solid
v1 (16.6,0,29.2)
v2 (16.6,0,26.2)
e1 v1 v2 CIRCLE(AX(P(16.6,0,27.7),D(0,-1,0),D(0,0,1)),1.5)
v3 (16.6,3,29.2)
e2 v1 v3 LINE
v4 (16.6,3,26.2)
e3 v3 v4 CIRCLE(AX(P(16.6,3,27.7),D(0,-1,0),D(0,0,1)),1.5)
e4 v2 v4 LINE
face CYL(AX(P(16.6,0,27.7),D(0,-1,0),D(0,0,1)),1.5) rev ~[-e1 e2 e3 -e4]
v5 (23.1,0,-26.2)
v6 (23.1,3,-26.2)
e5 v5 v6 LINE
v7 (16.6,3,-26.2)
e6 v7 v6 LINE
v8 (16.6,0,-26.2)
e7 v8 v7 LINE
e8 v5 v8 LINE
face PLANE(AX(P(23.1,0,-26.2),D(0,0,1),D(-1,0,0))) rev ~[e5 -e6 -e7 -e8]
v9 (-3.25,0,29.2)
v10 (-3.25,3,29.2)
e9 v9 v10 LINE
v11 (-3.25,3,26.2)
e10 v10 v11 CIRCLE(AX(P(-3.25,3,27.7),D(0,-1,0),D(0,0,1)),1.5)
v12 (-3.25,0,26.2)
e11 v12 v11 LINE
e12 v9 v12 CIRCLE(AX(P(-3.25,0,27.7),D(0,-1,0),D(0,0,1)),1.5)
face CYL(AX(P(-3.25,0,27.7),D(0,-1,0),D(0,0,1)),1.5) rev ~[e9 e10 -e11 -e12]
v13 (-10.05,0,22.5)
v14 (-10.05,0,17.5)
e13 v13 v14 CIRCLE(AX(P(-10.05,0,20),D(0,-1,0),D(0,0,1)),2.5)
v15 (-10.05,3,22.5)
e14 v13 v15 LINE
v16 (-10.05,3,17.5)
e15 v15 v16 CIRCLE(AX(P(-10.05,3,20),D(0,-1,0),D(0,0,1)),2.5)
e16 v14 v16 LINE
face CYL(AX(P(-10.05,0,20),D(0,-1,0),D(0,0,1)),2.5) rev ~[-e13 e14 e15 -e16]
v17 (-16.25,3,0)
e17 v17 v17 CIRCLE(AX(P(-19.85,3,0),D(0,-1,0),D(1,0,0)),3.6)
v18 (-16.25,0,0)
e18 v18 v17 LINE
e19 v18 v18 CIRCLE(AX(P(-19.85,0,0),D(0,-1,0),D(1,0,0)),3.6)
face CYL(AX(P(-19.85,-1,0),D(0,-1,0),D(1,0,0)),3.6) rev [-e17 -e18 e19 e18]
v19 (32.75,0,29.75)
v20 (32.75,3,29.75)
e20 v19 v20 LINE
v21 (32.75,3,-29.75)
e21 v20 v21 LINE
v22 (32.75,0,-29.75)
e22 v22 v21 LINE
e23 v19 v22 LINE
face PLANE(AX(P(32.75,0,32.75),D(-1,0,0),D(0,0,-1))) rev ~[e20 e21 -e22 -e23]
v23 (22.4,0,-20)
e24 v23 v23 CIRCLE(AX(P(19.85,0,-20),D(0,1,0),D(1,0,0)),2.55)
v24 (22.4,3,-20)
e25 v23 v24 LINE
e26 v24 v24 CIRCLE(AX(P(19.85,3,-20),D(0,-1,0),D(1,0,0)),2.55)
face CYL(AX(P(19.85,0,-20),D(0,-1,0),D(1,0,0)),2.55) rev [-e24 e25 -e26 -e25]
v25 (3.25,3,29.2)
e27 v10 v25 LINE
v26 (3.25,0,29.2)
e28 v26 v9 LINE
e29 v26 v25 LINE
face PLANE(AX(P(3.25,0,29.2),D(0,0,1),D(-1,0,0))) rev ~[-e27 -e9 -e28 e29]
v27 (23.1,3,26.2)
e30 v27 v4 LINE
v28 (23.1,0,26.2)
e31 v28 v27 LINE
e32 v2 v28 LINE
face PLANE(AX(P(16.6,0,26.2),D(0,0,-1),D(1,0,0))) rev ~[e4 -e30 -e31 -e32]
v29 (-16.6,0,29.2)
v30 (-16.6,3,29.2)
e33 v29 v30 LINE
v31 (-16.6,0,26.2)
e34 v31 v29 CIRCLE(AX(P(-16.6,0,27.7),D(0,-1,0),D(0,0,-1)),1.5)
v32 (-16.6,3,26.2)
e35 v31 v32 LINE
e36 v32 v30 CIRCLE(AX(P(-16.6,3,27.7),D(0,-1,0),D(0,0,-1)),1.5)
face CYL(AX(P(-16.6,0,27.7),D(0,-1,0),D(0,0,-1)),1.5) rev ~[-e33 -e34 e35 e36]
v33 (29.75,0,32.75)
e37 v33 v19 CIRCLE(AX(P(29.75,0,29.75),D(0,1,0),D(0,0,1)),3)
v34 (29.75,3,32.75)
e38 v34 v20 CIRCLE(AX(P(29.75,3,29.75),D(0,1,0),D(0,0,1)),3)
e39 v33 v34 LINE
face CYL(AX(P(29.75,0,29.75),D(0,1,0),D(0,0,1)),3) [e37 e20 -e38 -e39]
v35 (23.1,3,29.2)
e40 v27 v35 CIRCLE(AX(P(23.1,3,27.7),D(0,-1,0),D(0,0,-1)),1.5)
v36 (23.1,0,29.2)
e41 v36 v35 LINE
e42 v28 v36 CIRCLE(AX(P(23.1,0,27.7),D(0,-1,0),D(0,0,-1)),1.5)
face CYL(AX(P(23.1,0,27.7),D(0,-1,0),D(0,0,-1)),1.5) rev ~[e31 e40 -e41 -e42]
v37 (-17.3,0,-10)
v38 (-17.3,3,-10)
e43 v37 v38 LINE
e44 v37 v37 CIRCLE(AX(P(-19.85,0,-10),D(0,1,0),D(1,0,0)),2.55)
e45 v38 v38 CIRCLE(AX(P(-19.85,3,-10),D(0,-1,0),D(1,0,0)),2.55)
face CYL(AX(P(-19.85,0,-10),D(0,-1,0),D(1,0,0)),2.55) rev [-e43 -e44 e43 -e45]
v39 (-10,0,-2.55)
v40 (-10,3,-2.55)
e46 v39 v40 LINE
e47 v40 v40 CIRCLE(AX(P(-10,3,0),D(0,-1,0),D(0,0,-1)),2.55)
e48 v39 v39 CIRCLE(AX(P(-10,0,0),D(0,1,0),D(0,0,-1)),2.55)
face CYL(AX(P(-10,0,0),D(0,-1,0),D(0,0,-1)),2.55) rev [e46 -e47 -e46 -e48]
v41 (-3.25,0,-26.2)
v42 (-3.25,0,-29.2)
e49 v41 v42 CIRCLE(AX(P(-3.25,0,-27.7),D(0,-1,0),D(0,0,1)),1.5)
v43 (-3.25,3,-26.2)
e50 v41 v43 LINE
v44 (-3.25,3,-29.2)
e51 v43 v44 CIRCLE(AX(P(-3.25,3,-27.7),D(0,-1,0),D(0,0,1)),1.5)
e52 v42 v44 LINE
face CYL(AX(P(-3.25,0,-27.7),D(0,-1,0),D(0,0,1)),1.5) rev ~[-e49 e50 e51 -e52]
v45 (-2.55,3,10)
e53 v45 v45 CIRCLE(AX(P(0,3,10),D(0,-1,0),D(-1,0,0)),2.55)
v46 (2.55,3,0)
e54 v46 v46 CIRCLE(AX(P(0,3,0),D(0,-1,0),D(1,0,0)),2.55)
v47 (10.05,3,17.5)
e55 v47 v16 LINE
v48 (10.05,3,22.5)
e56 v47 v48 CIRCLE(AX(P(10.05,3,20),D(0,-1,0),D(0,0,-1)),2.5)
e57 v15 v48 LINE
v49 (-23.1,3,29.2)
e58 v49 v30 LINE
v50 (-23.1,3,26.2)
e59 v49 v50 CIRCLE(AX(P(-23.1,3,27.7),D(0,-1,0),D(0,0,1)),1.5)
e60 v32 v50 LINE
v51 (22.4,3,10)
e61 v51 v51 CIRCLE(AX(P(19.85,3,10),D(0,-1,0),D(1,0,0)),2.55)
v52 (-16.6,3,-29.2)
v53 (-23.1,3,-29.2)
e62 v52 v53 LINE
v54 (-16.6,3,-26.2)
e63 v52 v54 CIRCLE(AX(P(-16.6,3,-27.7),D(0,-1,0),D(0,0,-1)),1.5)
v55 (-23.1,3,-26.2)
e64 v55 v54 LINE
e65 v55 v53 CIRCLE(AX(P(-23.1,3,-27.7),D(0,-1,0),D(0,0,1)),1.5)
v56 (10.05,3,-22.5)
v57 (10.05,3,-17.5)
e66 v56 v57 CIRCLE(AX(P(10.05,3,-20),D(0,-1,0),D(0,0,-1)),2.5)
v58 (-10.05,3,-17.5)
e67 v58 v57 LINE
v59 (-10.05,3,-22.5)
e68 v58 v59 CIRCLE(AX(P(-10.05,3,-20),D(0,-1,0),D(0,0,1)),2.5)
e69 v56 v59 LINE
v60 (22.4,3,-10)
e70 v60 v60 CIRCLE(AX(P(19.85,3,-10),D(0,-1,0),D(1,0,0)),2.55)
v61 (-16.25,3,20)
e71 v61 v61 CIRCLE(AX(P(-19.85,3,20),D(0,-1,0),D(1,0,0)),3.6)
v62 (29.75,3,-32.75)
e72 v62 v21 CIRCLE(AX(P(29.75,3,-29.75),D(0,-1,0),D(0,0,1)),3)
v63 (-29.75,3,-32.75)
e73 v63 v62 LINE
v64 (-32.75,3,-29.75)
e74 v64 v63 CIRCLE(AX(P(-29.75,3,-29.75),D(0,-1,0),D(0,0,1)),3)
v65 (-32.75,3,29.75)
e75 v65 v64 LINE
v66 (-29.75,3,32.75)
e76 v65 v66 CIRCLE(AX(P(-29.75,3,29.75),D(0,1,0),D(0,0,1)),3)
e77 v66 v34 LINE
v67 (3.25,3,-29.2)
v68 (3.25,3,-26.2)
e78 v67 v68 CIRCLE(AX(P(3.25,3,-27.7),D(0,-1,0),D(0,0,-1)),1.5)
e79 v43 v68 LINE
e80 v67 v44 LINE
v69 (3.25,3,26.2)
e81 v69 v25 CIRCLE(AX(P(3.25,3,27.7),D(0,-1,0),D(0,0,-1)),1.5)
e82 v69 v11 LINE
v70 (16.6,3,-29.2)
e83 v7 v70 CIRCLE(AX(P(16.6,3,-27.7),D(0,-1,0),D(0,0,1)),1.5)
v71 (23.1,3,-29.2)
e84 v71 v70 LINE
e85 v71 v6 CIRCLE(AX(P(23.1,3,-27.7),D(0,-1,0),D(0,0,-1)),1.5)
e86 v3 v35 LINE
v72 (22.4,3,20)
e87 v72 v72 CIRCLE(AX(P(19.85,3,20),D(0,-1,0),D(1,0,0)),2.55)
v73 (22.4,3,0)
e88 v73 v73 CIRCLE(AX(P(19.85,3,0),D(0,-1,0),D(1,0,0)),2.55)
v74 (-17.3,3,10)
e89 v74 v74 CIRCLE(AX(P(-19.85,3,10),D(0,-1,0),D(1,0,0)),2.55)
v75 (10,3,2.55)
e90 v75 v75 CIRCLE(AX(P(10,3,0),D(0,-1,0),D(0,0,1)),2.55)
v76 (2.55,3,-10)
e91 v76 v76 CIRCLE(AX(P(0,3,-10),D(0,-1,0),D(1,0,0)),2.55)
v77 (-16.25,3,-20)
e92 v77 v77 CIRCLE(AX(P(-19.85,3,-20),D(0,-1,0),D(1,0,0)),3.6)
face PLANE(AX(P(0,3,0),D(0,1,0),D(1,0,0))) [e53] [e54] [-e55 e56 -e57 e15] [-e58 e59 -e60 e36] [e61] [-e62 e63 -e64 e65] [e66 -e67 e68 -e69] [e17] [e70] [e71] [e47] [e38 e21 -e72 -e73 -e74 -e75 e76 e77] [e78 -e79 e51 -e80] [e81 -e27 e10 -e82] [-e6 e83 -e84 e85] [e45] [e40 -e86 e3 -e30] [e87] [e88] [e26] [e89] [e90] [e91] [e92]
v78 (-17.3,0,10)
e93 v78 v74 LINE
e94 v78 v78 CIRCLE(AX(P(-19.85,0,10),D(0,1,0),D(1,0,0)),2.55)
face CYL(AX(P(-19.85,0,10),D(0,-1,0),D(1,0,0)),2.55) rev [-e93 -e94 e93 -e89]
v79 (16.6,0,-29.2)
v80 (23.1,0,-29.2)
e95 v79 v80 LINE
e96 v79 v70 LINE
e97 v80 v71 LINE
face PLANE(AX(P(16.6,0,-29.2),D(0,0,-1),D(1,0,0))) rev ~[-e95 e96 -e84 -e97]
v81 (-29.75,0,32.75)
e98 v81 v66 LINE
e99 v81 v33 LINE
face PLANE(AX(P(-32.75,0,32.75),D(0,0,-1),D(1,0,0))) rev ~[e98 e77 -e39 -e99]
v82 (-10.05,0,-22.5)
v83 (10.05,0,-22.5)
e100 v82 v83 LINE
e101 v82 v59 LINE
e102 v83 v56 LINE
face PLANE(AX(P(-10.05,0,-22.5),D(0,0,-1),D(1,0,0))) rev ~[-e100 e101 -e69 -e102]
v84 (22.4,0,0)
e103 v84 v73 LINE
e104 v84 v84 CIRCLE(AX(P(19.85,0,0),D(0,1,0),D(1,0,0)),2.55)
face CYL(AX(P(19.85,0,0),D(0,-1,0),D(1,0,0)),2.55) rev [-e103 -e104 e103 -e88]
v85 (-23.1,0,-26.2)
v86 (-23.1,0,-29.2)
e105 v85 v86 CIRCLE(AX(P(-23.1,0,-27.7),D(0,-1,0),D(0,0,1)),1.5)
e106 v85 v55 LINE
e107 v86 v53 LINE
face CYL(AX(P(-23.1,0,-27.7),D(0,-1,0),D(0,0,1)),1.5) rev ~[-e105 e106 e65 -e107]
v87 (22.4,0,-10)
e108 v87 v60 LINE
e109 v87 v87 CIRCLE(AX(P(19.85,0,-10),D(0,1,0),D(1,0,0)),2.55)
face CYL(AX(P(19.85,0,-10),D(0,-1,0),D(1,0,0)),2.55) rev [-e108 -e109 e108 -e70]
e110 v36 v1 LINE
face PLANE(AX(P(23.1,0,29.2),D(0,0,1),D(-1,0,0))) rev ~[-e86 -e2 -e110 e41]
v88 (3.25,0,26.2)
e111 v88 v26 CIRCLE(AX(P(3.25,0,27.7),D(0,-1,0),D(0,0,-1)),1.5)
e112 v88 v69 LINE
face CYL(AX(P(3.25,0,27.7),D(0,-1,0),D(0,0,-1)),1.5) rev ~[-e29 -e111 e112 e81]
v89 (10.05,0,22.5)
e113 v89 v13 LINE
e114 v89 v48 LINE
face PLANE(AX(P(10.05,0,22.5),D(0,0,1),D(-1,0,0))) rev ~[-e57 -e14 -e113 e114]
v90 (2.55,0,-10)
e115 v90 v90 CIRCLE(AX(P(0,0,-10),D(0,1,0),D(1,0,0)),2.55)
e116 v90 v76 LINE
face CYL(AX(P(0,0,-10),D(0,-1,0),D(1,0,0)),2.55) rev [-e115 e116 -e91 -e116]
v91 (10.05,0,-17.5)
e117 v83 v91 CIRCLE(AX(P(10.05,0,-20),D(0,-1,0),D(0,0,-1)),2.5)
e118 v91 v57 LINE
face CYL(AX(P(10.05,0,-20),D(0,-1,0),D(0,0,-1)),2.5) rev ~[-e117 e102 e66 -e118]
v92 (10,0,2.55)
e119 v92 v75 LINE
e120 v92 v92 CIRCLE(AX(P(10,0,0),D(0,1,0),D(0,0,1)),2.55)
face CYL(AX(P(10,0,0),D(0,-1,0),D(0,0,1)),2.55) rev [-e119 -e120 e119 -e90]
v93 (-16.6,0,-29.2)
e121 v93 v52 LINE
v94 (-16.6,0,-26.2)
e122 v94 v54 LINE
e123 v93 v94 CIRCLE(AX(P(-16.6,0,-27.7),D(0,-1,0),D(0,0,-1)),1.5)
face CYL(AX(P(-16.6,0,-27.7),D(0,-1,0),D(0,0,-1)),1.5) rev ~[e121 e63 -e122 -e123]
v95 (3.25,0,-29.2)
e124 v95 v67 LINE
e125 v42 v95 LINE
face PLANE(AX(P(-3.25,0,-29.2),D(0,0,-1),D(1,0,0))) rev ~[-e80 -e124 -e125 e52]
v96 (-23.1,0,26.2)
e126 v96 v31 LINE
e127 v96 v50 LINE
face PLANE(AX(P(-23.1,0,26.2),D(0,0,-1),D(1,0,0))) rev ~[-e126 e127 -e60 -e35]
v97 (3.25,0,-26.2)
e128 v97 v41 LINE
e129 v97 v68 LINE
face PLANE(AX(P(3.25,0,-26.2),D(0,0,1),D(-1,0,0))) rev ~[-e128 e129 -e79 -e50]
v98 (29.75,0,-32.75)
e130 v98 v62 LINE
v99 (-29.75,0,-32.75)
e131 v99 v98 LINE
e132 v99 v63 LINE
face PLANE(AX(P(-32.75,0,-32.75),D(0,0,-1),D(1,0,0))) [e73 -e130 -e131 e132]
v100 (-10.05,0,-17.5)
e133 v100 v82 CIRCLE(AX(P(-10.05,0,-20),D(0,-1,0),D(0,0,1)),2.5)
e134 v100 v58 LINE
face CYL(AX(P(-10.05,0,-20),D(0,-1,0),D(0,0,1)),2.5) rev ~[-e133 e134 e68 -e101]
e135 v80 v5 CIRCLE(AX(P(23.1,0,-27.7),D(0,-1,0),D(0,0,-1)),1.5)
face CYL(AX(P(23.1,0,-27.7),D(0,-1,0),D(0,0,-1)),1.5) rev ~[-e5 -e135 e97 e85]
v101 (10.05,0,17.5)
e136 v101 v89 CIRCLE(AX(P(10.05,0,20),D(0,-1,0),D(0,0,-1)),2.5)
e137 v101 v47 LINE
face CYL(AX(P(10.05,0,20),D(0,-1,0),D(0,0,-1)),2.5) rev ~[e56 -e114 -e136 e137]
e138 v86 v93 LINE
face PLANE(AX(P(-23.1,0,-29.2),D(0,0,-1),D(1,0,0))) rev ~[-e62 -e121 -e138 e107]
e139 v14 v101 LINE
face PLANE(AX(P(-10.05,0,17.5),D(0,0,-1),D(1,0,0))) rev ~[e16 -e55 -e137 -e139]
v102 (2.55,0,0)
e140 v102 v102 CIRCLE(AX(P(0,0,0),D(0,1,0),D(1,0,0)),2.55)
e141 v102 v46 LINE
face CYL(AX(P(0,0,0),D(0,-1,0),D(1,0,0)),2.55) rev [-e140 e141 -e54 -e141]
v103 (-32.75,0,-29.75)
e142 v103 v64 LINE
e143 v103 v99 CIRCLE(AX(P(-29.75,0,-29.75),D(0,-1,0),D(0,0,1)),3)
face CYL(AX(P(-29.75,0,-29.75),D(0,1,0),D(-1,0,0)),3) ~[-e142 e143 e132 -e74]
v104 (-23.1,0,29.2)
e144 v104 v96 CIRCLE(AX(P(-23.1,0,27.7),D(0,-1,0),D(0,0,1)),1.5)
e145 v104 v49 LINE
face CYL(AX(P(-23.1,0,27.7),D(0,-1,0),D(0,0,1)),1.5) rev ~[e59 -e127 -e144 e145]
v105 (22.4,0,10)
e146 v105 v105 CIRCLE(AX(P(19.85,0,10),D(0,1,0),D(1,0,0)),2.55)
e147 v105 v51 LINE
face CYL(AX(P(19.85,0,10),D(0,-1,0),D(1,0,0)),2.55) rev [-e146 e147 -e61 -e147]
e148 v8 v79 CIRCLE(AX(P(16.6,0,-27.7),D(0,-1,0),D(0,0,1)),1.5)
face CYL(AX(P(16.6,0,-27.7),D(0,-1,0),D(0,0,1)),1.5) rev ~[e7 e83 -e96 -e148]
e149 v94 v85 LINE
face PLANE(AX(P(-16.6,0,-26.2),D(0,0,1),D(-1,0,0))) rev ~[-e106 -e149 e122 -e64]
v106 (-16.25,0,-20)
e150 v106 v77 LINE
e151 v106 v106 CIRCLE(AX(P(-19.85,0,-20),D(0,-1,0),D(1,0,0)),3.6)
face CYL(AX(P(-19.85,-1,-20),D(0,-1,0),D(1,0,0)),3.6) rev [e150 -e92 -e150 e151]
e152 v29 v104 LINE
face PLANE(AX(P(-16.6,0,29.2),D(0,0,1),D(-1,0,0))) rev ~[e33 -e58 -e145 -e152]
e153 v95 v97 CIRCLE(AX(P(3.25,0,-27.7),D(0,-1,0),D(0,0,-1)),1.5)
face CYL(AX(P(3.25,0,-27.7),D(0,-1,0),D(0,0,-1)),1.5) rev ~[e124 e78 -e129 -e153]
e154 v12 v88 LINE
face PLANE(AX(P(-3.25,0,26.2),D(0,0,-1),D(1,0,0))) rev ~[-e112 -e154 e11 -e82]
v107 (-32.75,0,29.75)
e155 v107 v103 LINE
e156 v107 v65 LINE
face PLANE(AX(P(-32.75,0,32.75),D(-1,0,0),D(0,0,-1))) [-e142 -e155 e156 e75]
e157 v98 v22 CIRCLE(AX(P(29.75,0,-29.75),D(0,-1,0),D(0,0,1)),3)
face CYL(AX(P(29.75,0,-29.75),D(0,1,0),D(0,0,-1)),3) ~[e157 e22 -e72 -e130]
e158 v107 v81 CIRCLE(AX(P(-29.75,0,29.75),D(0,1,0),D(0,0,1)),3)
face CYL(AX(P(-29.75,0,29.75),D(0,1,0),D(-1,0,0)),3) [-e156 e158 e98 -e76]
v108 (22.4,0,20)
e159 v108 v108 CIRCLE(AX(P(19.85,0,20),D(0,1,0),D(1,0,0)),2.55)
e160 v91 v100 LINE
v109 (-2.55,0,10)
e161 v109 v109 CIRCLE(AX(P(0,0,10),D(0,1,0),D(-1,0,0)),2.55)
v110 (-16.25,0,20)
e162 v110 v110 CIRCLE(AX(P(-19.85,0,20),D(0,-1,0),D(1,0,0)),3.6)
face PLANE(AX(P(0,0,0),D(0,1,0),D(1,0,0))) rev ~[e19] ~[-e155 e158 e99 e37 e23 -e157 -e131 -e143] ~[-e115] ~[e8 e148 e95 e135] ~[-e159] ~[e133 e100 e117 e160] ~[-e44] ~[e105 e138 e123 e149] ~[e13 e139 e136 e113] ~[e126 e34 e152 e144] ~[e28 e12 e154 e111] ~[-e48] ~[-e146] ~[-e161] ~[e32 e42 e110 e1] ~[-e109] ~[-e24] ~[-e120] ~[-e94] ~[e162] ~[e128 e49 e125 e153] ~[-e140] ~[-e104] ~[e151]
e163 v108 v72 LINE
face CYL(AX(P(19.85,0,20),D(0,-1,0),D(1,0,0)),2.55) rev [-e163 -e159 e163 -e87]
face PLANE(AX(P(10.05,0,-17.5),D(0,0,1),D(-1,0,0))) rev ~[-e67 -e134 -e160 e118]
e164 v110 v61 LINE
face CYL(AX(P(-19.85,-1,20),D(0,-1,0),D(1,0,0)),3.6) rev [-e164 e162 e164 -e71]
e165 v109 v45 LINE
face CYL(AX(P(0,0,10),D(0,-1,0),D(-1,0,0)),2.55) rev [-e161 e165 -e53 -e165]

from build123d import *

# Parameters (mm, degrees)
SKETCH1_W            = 65.5
SKETCH1_H            = 65.5
BOSS_EXTRUDE1_DEPTH  = 3
SKETCH5_R            = 2.55
CUT_EXTRUDE5_DEPTH   = 4
LPATTERN2_COUNT      = 5
LPATTERN2_PITCH      = 10
LPATTERN2_COUNT_DIR2 = 2
LPATTERN2_PITCH_DIR2 = 39.7
SKETCH7_R            = 2.55
CUT_EXTRUDE6_DEPTH   = 4
SKETCH8_R            = 2.55
CUT_EXTRUDE7_DEPTH   = 4
CIRPATTERN1_COUNT    = 4
CUT_EXTRUDE4_START   = -1
SKETCH3_R            = 3.6
CUT_EXTRUDE4_DEPTH   = 5
LPATTERN1_COUNT      = 3
LPATTERN1_PITCH      = 20
CUT_EXTRUDE8_DEPTH   = 4
LPATTERN3_COUNT      = 3
LPATTERN3_PITCH      = 19.85
LPATTERN3_COUNT_DIR2 = 2
LPATTERN3_PITCH_DIR2 = 55.4
CUT_EXTRUDE9_DEPTH   = 4
LPATTERN4_COUNT      = 2
LPATTERN4_PITCH      = 40
FILLET1_R            = 3


with BuildPart() as part:
    # Sketch1 → Boss-Extrude1 (new body)
    with BuildSketch(Plane(origin=(0, 0, 0), x_dir=(1, 0, 0), z_dir=(0, 1, 0))):
        Rectangle(SKETCH1_W, SKETCH1_H)
    extrude(amount=BOSS_EXTRUDE1_DEPTH)

    # Sketch5 → Cut-Extrude5 (cut, through all)
    with BuildSketch(Plane(origin=(0, 0, 0), x_dir=(1, 0, 0), z_dir=(0, 1, 0))):
        with Locations((-19.85, 20)):
            Circle(SKETCH5_R)
    cut_extrude5 = extrude(amount=CUT_EXTRUDE5_DEPTH, mode=Mode.SUBTRACT)

    # LPattern2: Cut-Extrude5 5 × 2
    with Locations(*[(j * LPATTERN2_PITCH_DIR2, 0, i * LPATTERN2_PITCH) for i in range(LPATTERN2_COUNT) for j in range(LPATTERN2_COUNT_DIR2) if (i, j) != (0, 0)]):
        add(cut_extrude5, mode=Mode.SUBTRACT)

    # Sketch7 → Cut-Extrude6 (cut, through all)
    with BuildSketch(Plane(origin=(0, 0, 0), x_dir=(1, 0, 0), z_dir=(0, 1, 0))):
        Circle(SKETCH7_R)
    extrude(amount=CUT_EXTRUDE6_DEPTH, mode=Mode.SUBTRACT)

    # Sketch8 → Cut-Extrude7 (cut, through all)
    with BuildSketch(Plane(origin=(0, 0, 0), x_dir=(1, 0, 0), z_dir=(0, 1, 0))):
        with Locations((0, 10)):
            Circle(SKETCH8_R)
    cut_extrude7 = extrude(amount=CUT_EXTRUDE7_DEPTH, mode=Mode.SUBTRACT)

    # CirPattern1: Cut-Extrude7 ×4 about axis
    cirpattern1_axis = Axis((0, 0, 0), (0, 1, 0))
    for i in range(1, CIRPATTERN1_COUNT):
        add(cut_extrude7.rotate(cirpattern1_axis, i * 360 / CIRPATTERN1_COUNT), mode=Mode.SUBTRACT)

    # Sketch3 → Cut-Extrude4 (cut)
    with BuildSketch(Plane(origin=(0, 0, 0), x_dir=(1, 0, 0), z_dir=(0, 1, 0)).offset(CUT_EXTRUDE4_START)):
        with Locations((-19.85, 20)):
            Circle(SKETCH3_R)
    cut_extrude4 = extrude(amount=CUT_EXTRUDE4_DEPTH, mode=Mode.SUBTRACT)

    # LPattern1: Cut-Extrude4 ×3
    with Locations(*[(0, 0, i * LPATTERN1_PITCH) for i in range(1, LPATTERN1_COUNT)]):
        add(cut_extrude4, mode=Mode.SUBTRACT)

    # Sketch9 → Cut-Extrude8 (cut, through all)
    with BuildSketch(Plane(origin=(0, 0, 0), x_dir=(1, 0, 0), z_dir=(0, 1, 0))):
        with BuildLine():
            Line((-23.1, 29.2), (-16.6, 29.2))
            ThreePointArc((-16.6, 29.2), (-15.1, 27.7), (-16.6, 26.2))
            Line((-16.6, 26.2), (-23.1, 26.2))
            ThreePointArc((-23.1, 26.2), (-24.6, 27.7), (-23.1, 29.2))
        make_face()
    cut_extrude8 = extrude(amount=CUT_EXTRUDE8_DEPTH, mode=Mode.SUBTRACT)

    # LPattern3: Cut-Extrude8 3 × 2
    with Locations(*[(i * LPATTERN3_PITCH, 0, j * LPATTERN3_PITCH_DIR2) for i in range(LPATTERN3_COUNT) for j in range(LPATTERN3_COUNT_DIR2) if (i, j) != (0, 0)]):
        add(cut_extrude8, mode=Mode.SUBTRACT)

    # Sketch10 → Cut-Extrude9 (cut, through all)
    with BuildSketch(Plane(origin=(0, 0, 0), x_dir=(1, 0, 0), z_dir=(0, 1, 0))):
        with BuildLine():
            Line((-10.05, 22.5), (10.05, 22.5))
            ThreePointArc((10.05, 22.5), (12.55, 20), (10.05, 17.5))
            Line((10.05, 17.5), (-10.05, 17.5))
            ThreePointArc((-10.05, 17.5), (-12.55, 20), (-10.05, 22.5))
        make_face()
    cut_extrude9 = extrude(amount=CUT_EXTRUDE9_DEPTH, mode=Mode.SUBTRACT)

    # LPattern4: Cut-Extrude9 ×2
    with Locations(*[(0, 0, i * LPATTERN4_PITCH) for i in range(1, LPATTERN4_COUNT)]):
        add(cut_extrude9, mode=Mode.SUBTRACT)

    # Fillet1
    fillet1_edges = [part.edges().sort_by_distance(p)[0] for p in [
        (32.75, 1.5, 32.75),
        (-32.75, 1.5, 32.75),
        (-32.75, 1.5, -32.75),
        (32.75, 1.5, -32.75),
    ]]
    fillet(fillet1_edges, radius=FILLET1_R)


solid = part.part
